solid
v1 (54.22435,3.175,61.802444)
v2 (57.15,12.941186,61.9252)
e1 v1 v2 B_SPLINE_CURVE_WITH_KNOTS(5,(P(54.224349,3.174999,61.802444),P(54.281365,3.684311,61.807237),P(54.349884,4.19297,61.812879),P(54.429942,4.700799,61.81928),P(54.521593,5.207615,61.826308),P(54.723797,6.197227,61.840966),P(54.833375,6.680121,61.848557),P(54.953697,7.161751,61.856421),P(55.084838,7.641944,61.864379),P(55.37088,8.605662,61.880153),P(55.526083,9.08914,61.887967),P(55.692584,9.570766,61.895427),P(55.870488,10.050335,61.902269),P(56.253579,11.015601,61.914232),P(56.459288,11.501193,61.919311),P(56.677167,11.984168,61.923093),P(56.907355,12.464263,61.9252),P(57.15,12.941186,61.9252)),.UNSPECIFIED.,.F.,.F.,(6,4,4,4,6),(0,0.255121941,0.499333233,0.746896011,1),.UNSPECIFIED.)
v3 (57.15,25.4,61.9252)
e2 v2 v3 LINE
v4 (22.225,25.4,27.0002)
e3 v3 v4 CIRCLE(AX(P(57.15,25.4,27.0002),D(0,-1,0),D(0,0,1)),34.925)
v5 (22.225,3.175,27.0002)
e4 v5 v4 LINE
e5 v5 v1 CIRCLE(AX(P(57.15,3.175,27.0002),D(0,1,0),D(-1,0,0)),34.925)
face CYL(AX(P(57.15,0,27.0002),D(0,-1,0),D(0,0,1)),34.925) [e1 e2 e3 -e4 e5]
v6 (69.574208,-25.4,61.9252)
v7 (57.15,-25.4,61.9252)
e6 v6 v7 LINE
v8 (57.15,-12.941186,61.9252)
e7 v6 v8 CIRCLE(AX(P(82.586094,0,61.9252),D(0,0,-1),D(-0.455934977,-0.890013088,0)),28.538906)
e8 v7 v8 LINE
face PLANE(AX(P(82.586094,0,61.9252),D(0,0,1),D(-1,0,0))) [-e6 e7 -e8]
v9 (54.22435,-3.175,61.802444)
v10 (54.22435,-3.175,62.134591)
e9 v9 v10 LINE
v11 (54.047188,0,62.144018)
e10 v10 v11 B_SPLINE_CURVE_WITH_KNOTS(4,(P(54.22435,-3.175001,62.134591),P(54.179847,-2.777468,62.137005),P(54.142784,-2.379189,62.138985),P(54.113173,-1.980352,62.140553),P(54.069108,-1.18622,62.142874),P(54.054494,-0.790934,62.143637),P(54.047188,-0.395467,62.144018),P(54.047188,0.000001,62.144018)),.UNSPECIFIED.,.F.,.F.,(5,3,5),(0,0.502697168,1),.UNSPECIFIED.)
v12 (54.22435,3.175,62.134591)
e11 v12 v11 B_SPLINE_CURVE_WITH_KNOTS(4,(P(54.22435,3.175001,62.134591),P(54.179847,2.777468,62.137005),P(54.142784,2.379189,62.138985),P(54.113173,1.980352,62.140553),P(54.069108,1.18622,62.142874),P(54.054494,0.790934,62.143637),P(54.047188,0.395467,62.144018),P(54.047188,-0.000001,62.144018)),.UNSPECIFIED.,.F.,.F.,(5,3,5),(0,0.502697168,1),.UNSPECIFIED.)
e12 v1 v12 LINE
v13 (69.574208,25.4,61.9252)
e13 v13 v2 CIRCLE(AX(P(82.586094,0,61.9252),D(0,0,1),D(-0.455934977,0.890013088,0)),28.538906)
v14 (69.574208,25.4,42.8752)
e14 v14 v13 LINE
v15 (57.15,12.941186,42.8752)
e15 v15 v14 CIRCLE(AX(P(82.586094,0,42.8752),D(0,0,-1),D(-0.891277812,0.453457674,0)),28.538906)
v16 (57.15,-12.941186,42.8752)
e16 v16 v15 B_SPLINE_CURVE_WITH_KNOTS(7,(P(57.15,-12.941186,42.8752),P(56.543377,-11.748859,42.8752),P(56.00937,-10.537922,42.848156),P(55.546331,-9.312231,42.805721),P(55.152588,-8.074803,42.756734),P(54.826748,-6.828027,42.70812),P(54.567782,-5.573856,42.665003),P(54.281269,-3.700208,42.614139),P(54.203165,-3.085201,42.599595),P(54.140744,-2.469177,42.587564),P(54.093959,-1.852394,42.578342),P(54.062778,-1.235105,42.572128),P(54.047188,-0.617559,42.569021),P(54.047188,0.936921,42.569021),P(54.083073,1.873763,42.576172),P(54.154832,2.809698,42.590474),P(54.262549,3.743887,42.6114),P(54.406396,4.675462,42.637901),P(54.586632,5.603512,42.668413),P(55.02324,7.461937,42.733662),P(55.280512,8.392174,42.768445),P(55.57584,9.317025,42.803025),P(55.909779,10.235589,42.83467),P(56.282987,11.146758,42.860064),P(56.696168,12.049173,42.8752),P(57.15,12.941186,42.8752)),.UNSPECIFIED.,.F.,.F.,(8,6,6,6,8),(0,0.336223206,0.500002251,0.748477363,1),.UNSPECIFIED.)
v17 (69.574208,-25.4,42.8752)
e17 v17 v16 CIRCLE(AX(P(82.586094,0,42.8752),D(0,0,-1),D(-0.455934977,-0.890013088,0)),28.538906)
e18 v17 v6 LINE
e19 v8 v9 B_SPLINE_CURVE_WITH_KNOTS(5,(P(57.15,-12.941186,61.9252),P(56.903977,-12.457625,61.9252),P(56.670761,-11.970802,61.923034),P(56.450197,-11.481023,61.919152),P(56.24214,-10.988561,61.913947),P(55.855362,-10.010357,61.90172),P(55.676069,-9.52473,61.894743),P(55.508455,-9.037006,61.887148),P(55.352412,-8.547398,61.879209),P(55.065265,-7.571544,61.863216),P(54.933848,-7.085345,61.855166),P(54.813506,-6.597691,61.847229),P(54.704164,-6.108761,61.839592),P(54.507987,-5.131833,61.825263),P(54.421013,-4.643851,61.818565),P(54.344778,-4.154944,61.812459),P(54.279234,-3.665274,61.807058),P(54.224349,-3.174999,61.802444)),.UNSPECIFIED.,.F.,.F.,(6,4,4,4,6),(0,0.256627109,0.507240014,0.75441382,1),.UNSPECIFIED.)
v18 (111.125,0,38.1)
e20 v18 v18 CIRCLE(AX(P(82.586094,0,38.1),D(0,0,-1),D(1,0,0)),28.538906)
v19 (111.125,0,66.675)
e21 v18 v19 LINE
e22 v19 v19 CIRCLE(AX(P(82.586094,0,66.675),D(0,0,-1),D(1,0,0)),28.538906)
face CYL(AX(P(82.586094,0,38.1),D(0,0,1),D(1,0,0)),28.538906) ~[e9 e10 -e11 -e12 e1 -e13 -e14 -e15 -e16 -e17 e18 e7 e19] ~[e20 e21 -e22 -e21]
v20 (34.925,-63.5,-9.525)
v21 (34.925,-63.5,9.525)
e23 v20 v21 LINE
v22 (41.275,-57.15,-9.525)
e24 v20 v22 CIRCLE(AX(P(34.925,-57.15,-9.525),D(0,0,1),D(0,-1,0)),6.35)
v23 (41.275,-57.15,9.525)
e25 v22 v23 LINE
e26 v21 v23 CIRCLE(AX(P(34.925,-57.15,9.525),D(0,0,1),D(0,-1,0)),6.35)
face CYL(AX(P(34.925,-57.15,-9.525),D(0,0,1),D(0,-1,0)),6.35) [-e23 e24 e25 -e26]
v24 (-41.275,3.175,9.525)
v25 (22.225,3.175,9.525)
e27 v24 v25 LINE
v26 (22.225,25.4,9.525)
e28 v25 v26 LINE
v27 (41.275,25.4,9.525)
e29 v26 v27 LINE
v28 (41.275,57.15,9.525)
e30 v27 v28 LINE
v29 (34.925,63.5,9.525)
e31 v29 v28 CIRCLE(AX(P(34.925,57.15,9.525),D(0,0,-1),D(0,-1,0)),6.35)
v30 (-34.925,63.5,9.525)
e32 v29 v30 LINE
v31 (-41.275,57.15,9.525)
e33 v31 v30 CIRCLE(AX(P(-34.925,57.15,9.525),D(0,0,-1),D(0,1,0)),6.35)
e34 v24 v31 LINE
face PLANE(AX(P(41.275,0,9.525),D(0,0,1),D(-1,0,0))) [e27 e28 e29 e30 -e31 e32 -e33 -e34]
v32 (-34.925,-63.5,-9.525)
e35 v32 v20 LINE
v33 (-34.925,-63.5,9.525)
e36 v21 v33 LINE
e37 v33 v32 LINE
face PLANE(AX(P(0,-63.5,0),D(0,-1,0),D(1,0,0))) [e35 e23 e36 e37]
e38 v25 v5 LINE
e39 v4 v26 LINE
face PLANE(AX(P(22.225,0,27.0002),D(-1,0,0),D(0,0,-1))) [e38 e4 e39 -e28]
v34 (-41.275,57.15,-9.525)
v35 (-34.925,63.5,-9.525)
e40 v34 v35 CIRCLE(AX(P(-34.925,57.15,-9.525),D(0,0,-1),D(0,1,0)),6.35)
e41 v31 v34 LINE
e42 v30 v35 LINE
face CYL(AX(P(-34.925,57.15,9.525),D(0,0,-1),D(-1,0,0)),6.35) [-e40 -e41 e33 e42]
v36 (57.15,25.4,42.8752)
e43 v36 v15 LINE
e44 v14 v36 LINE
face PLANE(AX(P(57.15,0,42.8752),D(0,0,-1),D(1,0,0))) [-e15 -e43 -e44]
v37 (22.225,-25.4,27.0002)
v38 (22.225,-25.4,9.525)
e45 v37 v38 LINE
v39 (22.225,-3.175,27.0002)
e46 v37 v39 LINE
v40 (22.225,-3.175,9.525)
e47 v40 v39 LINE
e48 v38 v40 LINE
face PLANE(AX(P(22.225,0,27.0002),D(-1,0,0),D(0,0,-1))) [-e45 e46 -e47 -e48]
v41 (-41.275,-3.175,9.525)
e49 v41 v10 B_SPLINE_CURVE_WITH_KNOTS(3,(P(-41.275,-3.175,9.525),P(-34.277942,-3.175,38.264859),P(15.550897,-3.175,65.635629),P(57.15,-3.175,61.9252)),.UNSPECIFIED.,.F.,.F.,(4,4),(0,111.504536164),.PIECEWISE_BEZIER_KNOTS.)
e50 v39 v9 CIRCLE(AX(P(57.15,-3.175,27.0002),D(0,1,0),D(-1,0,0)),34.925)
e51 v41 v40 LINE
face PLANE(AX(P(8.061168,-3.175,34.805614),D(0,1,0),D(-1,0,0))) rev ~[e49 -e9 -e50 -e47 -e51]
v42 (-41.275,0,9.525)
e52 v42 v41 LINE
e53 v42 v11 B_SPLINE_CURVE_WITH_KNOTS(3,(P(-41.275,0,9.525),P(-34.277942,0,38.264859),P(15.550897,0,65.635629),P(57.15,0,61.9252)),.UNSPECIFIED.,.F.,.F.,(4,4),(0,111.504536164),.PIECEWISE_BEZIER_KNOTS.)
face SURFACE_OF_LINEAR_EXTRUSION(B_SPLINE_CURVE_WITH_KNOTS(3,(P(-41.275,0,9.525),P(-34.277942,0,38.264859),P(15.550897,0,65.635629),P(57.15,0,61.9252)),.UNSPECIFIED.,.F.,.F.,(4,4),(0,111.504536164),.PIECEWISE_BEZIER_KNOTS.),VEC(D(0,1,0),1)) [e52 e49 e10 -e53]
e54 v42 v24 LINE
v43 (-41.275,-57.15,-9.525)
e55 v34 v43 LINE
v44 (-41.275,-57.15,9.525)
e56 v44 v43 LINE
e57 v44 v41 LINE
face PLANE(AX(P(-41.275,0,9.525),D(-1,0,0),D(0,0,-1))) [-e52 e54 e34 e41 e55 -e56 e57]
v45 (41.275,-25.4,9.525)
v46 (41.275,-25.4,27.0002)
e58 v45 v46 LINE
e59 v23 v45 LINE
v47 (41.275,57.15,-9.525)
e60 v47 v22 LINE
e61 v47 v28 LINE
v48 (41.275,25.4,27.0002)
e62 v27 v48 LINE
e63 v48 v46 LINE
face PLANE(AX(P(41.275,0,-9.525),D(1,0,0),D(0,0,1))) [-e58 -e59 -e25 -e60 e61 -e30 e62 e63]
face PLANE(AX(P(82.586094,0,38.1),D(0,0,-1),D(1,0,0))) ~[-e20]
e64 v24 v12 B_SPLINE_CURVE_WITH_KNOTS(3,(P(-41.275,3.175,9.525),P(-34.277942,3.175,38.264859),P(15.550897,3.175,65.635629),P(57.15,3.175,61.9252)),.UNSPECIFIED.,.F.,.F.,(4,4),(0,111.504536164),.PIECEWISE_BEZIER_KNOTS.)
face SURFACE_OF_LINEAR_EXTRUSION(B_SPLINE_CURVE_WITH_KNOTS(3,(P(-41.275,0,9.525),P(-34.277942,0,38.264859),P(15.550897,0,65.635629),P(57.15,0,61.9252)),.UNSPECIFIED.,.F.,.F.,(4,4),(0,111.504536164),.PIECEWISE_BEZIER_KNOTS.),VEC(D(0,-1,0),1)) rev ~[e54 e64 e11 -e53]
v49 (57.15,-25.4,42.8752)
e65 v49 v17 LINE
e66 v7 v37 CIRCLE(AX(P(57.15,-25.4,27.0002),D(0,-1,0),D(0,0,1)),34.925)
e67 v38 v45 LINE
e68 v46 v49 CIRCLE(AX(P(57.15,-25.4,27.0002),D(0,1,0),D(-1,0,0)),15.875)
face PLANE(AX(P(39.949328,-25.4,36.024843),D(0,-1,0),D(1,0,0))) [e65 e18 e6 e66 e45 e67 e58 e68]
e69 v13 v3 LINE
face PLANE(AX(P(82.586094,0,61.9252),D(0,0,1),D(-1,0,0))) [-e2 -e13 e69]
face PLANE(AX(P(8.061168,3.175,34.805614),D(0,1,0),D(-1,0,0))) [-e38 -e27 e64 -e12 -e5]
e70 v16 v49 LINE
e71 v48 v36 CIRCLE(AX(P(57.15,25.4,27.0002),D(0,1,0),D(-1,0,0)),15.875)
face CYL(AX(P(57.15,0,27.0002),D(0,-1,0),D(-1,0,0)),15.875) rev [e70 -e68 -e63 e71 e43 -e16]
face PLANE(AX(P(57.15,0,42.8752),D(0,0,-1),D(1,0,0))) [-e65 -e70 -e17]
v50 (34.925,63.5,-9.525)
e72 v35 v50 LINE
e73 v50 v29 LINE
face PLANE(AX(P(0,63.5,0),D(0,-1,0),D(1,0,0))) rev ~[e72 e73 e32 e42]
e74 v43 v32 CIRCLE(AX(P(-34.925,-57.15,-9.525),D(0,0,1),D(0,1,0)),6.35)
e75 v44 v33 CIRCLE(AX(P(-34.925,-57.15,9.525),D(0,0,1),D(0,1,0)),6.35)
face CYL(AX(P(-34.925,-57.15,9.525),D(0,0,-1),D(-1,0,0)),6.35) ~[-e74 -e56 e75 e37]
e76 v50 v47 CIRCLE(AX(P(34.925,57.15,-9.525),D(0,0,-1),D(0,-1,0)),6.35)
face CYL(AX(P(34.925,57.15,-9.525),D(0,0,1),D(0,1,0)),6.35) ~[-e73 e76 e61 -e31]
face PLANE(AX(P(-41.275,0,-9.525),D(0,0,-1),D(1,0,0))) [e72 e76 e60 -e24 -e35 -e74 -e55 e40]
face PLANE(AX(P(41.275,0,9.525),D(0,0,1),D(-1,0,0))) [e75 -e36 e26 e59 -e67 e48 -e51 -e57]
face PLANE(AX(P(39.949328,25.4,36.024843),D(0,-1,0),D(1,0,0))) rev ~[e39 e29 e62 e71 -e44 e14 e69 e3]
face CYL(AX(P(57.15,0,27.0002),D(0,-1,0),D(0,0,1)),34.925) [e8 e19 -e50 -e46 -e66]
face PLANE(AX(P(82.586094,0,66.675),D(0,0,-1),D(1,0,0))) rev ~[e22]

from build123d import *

# Parameters (mm, degrees)
F1_DEPTH = 63.5
F2_DEPTH = 3.175
F0_W     = 22.2610938409
F0_H     = 19.05
F3_DEPTH = 25.4
F5_DEPTH = 25.4
F6_R     = 6.35


with BuildPart() as f1:
    # F0 (on Front) → F1 (new body, symmetric)
    with BuildSketch(Plane.XZ):
        Polygon((-41.275, 9.525), (-41.275, -9.525), (41.275, -9.525), (41.275, 9.525), (22.225, 9.525), align=None)
    extrude(amount=F1_DEPTH, both=True)

    # F0 (on Front) → F2 (join, symmetric)
    with BuildSketch(Plane.XZ):
        with BuildLine():
            add(Edge.make_bspline(
                [(-41.275, 9.525), (-34.2779420316, 38.2648594677), (15.5508974567, 65.6356289983), (57.15, 61.9252)],
                knots=[0, 0, 0, 0, 111.5045361635, 111.5045361635, 111.5045361635, 111.5045361635], degree=3))
            Line((-41.275, 9.525), (22.225, 9.525))
            Line((22.225, 9.525), (22.225, 27.0002))
            ThreePointArc((22.225, 27.0002), (32.4542956671, 51.6959043329), (57.15, 61.9252))
        make_face()
    extrude(amount=F2_DEPTH, both=True)

    # F0 (on Front) → F3 (join, symmetric)
    with BuildSketch(Plane.XZ):
        with BuildLine():
            Line((22.225, 9.525), (41.275, 9.525))
            Line((41.275, 9.525), (41.275, 27.0002))
            ThreePointArc((41.275, 27.0002), (45.9246798487, 38.2255201513), (57.15, 42.8752))
            Line((57.15, 42.8752), (60.325, 42.8752))
            Line((60.325, 42.8752), (60.325, 61.9252))
            Line((60.325, 61.9252), (57.15, 61.9252))
            ThreePointArc((57.15, 61.9252), (32.4542956671, 51.6959043329), (22.225, 27.0002))
            Line((22.225, 27.0002), (22.225, 9.525))
        make_face()
        with Locations((71.4555469204, 52.4002)):
            Rectangle(F0_W, F0_H)
    extrude(amount=F3_DEPTH, both=True)

    # F0 (on Front) → F4 (revolve)
    with BuildSketch(Plane.XZ):
        Polygon((82.5860938409, 66.675), (82.5860938409, 61.9252), (82.5860938409, 42.8752), (82.5860938409, 38.1), (111.125, 38.1), (111.125, 66.675), align=None)
    revolve(axis=Axis((82.5860938409, 0, 52.3875), (0, 0, -1)))

    # F0 (on Front) → F5 (join, symmetric)
    with BuildSketch(Plane.XZ):
        with Locations((71.4555469204, 52.4002)):
            Rectangle(F0_W, F0_H)
    extrude(amount=F5_DEPTH, both=True)

    # F6
    f6_edges = [f1.edges().sort_by_distance(p)[0] for p in [
        (41.275, -63.5, 0),
        (-41.275, -63.5, 0),
        (-41.275, 63.5, 0),
        (41.275, 63.5, 0),
    ]]
    fillet(f6_edges, radius=F6_R)


solid = f1.part
